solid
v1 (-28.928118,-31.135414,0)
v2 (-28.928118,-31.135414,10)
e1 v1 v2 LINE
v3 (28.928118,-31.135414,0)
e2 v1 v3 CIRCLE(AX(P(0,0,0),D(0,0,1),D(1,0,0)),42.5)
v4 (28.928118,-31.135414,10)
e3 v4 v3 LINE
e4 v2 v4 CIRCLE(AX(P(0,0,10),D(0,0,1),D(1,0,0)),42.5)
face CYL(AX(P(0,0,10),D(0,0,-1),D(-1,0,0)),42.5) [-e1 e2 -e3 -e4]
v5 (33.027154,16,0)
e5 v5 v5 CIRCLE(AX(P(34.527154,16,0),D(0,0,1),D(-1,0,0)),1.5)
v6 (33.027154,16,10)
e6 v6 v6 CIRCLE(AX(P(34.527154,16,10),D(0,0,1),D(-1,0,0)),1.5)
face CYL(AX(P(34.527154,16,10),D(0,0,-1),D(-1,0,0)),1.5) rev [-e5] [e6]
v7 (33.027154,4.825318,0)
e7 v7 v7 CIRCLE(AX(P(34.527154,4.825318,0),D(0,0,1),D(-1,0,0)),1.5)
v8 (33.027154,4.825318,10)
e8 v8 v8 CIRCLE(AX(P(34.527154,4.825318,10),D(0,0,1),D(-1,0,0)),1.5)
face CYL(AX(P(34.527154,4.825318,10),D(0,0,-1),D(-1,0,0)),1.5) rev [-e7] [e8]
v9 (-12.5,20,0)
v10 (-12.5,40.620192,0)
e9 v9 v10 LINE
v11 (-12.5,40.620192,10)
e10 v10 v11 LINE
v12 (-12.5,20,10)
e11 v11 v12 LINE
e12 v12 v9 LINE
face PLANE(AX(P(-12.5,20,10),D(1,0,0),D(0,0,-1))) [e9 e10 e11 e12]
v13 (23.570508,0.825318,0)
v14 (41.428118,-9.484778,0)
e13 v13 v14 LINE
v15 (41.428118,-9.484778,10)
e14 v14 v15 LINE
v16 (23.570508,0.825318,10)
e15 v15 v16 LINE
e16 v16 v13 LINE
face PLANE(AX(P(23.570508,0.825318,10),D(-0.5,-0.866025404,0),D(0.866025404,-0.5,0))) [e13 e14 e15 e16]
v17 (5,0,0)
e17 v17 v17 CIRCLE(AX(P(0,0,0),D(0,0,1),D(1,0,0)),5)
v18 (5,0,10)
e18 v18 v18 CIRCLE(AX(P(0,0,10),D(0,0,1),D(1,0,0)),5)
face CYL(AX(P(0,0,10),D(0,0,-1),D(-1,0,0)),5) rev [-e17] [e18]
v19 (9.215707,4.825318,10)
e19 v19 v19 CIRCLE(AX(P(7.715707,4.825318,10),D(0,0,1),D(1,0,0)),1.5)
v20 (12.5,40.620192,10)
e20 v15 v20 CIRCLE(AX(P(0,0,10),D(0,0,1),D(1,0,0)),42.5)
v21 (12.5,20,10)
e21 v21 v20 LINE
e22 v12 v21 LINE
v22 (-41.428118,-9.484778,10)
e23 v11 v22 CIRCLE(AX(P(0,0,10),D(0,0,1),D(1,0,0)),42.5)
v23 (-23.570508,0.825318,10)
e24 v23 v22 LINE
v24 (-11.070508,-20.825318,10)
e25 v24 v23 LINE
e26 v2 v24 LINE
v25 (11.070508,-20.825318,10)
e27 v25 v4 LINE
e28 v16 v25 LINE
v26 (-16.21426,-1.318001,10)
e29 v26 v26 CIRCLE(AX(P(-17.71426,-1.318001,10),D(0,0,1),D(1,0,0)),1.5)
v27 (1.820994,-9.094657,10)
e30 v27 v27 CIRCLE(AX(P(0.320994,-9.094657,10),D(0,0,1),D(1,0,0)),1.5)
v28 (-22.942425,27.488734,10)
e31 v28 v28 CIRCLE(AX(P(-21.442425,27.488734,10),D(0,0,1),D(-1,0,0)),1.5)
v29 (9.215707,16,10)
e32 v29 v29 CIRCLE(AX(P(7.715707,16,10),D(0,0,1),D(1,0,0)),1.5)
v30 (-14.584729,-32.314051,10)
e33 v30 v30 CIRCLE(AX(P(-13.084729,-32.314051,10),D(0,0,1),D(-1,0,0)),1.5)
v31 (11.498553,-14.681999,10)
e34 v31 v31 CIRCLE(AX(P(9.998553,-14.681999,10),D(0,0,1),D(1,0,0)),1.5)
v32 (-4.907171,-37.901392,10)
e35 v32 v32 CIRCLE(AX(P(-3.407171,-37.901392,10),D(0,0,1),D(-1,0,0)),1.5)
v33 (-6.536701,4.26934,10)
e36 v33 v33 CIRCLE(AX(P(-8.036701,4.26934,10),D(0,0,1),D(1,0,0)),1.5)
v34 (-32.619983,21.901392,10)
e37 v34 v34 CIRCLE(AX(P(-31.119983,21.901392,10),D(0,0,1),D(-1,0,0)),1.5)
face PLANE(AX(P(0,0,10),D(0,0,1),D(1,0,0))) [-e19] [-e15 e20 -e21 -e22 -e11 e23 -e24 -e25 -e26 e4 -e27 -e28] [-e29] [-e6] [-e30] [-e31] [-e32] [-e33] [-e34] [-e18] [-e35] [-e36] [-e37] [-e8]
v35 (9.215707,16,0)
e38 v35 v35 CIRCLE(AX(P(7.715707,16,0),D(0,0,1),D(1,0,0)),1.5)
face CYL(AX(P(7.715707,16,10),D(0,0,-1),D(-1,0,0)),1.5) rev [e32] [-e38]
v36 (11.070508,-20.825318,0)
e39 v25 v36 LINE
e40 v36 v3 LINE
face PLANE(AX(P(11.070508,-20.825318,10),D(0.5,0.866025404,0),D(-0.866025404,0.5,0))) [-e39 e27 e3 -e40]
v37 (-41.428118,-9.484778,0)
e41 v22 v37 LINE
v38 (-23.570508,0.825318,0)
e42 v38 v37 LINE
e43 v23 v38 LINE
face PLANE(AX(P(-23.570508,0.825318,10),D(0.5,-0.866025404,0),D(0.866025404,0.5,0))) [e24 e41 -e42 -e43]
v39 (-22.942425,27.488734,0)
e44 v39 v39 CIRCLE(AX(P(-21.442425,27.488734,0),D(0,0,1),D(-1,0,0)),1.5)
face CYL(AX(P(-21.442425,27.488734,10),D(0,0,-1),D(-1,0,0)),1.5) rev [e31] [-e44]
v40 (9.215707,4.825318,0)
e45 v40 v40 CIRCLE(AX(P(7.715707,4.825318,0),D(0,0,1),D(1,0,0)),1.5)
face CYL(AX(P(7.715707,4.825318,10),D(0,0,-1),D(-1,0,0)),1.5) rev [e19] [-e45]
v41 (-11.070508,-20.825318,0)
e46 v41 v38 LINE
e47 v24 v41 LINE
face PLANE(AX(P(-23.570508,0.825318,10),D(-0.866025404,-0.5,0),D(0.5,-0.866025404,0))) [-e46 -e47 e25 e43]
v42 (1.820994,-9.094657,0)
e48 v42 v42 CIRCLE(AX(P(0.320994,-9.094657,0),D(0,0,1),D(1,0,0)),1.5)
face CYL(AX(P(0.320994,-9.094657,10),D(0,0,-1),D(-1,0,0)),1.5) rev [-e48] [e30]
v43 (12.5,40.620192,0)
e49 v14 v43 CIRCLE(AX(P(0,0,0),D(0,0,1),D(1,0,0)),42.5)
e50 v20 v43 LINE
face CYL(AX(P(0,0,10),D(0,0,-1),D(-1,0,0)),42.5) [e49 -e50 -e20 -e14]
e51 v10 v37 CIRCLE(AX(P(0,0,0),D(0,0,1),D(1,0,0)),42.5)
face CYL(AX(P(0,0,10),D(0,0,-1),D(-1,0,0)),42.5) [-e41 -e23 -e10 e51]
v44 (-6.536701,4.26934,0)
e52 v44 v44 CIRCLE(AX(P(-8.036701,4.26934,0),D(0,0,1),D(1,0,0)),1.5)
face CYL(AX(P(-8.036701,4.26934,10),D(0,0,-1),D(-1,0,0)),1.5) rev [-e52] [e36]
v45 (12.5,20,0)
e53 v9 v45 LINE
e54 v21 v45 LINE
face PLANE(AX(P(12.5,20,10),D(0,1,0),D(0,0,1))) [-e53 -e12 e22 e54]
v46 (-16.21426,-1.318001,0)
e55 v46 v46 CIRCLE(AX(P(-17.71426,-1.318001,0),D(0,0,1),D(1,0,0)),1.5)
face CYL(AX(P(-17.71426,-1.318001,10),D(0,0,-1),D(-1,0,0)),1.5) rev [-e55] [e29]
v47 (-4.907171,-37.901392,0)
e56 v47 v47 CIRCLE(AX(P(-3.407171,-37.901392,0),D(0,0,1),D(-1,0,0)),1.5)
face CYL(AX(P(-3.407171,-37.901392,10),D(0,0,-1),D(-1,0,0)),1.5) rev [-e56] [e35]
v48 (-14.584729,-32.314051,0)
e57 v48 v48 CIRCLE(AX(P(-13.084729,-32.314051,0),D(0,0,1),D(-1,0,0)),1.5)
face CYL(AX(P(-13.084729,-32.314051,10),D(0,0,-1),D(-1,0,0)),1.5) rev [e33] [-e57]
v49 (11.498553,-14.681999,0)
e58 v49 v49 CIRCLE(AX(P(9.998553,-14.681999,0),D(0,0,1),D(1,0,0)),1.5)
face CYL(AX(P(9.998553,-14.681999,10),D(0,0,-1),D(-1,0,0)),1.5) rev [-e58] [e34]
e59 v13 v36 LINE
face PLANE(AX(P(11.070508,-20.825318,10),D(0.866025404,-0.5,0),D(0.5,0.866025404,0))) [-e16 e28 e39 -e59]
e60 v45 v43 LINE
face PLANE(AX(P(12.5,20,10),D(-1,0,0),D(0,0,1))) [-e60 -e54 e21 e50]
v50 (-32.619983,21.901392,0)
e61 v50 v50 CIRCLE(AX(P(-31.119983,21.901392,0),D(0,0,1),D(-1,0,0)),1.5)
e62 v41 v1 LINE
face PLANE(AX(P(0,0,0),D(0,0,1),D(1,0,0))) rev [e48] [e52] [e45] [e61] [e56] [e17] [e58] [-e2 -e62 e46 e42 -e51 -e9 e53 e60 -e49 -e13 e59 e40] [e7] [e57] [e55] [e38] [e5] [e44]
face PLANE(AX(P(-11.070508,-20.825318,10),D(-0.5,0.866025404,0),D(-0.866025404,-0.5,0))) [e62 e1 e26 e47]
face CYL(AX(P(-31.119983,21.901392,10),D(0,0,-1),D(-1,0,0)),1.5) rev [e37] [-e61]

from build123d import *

# Parameters (mm, degrees)
SKETCH4_R      = 42.5
BASE_DEPTH     = 10
SKETCH5_R      = 5
SKETCH5_W      = 25
SKETCH5_H      = 40
TYRE_CUT_DEPTH = 10
SKETCH6_R      = 1.5
NUTS_DEPTH     = 10


with BuildPart() as part:
    # Sketch4 → base (new body)
    with BuildSketch(Plane.XY):
        Circle(SKETCH4_R)
    extrude(amount=BASE_DEPTH)

    # Sketch5 → Tyre cut (cut)
    with BuildSketch(Plane.XY):
        Circle(SKETCH5_R)
        with Locations((0, 40)):
            Rectangle(SKETCH5_W, SKETCH5_H)
        Polygon((11.070508076, -20.825317547), (23.570508076, 0.825317547), (58.211524227, -19.174682453), (45.711524227, -40.825317547), align=None)
        Polygon((-23.570508076, 0.825317547), (-11.070508076, -20.825317547), (-45.711524227, -40.825317547), (-58.211524227, -19.174682453), align=None)
    extrude(amount=TYRE_CUT_DEPTH, mode=Mode.SUBTRACT)

    # Sketch6 → NUTs (cut)
    with BuildSketch(Plane.XY):
        with Locations((7.71570735, 16)):
            Circle(SKETCH6_R)
        with Locations((7.71570735, 4.825317547)):
            Circle(SKETCH6_R)
        with Locations(Location((34.527154016, 4.825317547, 0), (0, 0, 180))):
            Circle(SKETCH6_R)
        with Locations(Location((34.527154016, 16, 0), (0, 0, 180))):
            Circle(SKETCH6_R)
        with Locations((9.998552785, -14.681998573)):
            Circle(SKETCH6_R)
        with Locations((0.320993902, -9.094657347)):
            Circle(SKETCH6_R)
        with Locations(Location((-13.084729431, -32.314051272, 0), (0, 0, 180))):
            Circle(SKETCH6_R)
        with Locations(Location((-3.407170547, -37.901392498, 0), (0, 0, 180))):
            Circle(SKETCH6_R)
        with Locations((-17.714260136, -1.318001427)):
            Circle(SKETCH6_R)
        with Locations((-8.036701252, 4.2693398)):
            Circle(SKETCH6_R)
        with Locations(Location((-21.442424585, 27.488733725, 0), (0, 0, 180))):
            Circle(SKETCH6_R)
        with Locations(Location((-31.119983469, 21.901392498, 0), (0, 0, 180))):
            Circle(SKETCH6_R)
    extrude(amount=NUTS_DEPTH, mode=Mode.SUBTRACT)


solid = part.part
